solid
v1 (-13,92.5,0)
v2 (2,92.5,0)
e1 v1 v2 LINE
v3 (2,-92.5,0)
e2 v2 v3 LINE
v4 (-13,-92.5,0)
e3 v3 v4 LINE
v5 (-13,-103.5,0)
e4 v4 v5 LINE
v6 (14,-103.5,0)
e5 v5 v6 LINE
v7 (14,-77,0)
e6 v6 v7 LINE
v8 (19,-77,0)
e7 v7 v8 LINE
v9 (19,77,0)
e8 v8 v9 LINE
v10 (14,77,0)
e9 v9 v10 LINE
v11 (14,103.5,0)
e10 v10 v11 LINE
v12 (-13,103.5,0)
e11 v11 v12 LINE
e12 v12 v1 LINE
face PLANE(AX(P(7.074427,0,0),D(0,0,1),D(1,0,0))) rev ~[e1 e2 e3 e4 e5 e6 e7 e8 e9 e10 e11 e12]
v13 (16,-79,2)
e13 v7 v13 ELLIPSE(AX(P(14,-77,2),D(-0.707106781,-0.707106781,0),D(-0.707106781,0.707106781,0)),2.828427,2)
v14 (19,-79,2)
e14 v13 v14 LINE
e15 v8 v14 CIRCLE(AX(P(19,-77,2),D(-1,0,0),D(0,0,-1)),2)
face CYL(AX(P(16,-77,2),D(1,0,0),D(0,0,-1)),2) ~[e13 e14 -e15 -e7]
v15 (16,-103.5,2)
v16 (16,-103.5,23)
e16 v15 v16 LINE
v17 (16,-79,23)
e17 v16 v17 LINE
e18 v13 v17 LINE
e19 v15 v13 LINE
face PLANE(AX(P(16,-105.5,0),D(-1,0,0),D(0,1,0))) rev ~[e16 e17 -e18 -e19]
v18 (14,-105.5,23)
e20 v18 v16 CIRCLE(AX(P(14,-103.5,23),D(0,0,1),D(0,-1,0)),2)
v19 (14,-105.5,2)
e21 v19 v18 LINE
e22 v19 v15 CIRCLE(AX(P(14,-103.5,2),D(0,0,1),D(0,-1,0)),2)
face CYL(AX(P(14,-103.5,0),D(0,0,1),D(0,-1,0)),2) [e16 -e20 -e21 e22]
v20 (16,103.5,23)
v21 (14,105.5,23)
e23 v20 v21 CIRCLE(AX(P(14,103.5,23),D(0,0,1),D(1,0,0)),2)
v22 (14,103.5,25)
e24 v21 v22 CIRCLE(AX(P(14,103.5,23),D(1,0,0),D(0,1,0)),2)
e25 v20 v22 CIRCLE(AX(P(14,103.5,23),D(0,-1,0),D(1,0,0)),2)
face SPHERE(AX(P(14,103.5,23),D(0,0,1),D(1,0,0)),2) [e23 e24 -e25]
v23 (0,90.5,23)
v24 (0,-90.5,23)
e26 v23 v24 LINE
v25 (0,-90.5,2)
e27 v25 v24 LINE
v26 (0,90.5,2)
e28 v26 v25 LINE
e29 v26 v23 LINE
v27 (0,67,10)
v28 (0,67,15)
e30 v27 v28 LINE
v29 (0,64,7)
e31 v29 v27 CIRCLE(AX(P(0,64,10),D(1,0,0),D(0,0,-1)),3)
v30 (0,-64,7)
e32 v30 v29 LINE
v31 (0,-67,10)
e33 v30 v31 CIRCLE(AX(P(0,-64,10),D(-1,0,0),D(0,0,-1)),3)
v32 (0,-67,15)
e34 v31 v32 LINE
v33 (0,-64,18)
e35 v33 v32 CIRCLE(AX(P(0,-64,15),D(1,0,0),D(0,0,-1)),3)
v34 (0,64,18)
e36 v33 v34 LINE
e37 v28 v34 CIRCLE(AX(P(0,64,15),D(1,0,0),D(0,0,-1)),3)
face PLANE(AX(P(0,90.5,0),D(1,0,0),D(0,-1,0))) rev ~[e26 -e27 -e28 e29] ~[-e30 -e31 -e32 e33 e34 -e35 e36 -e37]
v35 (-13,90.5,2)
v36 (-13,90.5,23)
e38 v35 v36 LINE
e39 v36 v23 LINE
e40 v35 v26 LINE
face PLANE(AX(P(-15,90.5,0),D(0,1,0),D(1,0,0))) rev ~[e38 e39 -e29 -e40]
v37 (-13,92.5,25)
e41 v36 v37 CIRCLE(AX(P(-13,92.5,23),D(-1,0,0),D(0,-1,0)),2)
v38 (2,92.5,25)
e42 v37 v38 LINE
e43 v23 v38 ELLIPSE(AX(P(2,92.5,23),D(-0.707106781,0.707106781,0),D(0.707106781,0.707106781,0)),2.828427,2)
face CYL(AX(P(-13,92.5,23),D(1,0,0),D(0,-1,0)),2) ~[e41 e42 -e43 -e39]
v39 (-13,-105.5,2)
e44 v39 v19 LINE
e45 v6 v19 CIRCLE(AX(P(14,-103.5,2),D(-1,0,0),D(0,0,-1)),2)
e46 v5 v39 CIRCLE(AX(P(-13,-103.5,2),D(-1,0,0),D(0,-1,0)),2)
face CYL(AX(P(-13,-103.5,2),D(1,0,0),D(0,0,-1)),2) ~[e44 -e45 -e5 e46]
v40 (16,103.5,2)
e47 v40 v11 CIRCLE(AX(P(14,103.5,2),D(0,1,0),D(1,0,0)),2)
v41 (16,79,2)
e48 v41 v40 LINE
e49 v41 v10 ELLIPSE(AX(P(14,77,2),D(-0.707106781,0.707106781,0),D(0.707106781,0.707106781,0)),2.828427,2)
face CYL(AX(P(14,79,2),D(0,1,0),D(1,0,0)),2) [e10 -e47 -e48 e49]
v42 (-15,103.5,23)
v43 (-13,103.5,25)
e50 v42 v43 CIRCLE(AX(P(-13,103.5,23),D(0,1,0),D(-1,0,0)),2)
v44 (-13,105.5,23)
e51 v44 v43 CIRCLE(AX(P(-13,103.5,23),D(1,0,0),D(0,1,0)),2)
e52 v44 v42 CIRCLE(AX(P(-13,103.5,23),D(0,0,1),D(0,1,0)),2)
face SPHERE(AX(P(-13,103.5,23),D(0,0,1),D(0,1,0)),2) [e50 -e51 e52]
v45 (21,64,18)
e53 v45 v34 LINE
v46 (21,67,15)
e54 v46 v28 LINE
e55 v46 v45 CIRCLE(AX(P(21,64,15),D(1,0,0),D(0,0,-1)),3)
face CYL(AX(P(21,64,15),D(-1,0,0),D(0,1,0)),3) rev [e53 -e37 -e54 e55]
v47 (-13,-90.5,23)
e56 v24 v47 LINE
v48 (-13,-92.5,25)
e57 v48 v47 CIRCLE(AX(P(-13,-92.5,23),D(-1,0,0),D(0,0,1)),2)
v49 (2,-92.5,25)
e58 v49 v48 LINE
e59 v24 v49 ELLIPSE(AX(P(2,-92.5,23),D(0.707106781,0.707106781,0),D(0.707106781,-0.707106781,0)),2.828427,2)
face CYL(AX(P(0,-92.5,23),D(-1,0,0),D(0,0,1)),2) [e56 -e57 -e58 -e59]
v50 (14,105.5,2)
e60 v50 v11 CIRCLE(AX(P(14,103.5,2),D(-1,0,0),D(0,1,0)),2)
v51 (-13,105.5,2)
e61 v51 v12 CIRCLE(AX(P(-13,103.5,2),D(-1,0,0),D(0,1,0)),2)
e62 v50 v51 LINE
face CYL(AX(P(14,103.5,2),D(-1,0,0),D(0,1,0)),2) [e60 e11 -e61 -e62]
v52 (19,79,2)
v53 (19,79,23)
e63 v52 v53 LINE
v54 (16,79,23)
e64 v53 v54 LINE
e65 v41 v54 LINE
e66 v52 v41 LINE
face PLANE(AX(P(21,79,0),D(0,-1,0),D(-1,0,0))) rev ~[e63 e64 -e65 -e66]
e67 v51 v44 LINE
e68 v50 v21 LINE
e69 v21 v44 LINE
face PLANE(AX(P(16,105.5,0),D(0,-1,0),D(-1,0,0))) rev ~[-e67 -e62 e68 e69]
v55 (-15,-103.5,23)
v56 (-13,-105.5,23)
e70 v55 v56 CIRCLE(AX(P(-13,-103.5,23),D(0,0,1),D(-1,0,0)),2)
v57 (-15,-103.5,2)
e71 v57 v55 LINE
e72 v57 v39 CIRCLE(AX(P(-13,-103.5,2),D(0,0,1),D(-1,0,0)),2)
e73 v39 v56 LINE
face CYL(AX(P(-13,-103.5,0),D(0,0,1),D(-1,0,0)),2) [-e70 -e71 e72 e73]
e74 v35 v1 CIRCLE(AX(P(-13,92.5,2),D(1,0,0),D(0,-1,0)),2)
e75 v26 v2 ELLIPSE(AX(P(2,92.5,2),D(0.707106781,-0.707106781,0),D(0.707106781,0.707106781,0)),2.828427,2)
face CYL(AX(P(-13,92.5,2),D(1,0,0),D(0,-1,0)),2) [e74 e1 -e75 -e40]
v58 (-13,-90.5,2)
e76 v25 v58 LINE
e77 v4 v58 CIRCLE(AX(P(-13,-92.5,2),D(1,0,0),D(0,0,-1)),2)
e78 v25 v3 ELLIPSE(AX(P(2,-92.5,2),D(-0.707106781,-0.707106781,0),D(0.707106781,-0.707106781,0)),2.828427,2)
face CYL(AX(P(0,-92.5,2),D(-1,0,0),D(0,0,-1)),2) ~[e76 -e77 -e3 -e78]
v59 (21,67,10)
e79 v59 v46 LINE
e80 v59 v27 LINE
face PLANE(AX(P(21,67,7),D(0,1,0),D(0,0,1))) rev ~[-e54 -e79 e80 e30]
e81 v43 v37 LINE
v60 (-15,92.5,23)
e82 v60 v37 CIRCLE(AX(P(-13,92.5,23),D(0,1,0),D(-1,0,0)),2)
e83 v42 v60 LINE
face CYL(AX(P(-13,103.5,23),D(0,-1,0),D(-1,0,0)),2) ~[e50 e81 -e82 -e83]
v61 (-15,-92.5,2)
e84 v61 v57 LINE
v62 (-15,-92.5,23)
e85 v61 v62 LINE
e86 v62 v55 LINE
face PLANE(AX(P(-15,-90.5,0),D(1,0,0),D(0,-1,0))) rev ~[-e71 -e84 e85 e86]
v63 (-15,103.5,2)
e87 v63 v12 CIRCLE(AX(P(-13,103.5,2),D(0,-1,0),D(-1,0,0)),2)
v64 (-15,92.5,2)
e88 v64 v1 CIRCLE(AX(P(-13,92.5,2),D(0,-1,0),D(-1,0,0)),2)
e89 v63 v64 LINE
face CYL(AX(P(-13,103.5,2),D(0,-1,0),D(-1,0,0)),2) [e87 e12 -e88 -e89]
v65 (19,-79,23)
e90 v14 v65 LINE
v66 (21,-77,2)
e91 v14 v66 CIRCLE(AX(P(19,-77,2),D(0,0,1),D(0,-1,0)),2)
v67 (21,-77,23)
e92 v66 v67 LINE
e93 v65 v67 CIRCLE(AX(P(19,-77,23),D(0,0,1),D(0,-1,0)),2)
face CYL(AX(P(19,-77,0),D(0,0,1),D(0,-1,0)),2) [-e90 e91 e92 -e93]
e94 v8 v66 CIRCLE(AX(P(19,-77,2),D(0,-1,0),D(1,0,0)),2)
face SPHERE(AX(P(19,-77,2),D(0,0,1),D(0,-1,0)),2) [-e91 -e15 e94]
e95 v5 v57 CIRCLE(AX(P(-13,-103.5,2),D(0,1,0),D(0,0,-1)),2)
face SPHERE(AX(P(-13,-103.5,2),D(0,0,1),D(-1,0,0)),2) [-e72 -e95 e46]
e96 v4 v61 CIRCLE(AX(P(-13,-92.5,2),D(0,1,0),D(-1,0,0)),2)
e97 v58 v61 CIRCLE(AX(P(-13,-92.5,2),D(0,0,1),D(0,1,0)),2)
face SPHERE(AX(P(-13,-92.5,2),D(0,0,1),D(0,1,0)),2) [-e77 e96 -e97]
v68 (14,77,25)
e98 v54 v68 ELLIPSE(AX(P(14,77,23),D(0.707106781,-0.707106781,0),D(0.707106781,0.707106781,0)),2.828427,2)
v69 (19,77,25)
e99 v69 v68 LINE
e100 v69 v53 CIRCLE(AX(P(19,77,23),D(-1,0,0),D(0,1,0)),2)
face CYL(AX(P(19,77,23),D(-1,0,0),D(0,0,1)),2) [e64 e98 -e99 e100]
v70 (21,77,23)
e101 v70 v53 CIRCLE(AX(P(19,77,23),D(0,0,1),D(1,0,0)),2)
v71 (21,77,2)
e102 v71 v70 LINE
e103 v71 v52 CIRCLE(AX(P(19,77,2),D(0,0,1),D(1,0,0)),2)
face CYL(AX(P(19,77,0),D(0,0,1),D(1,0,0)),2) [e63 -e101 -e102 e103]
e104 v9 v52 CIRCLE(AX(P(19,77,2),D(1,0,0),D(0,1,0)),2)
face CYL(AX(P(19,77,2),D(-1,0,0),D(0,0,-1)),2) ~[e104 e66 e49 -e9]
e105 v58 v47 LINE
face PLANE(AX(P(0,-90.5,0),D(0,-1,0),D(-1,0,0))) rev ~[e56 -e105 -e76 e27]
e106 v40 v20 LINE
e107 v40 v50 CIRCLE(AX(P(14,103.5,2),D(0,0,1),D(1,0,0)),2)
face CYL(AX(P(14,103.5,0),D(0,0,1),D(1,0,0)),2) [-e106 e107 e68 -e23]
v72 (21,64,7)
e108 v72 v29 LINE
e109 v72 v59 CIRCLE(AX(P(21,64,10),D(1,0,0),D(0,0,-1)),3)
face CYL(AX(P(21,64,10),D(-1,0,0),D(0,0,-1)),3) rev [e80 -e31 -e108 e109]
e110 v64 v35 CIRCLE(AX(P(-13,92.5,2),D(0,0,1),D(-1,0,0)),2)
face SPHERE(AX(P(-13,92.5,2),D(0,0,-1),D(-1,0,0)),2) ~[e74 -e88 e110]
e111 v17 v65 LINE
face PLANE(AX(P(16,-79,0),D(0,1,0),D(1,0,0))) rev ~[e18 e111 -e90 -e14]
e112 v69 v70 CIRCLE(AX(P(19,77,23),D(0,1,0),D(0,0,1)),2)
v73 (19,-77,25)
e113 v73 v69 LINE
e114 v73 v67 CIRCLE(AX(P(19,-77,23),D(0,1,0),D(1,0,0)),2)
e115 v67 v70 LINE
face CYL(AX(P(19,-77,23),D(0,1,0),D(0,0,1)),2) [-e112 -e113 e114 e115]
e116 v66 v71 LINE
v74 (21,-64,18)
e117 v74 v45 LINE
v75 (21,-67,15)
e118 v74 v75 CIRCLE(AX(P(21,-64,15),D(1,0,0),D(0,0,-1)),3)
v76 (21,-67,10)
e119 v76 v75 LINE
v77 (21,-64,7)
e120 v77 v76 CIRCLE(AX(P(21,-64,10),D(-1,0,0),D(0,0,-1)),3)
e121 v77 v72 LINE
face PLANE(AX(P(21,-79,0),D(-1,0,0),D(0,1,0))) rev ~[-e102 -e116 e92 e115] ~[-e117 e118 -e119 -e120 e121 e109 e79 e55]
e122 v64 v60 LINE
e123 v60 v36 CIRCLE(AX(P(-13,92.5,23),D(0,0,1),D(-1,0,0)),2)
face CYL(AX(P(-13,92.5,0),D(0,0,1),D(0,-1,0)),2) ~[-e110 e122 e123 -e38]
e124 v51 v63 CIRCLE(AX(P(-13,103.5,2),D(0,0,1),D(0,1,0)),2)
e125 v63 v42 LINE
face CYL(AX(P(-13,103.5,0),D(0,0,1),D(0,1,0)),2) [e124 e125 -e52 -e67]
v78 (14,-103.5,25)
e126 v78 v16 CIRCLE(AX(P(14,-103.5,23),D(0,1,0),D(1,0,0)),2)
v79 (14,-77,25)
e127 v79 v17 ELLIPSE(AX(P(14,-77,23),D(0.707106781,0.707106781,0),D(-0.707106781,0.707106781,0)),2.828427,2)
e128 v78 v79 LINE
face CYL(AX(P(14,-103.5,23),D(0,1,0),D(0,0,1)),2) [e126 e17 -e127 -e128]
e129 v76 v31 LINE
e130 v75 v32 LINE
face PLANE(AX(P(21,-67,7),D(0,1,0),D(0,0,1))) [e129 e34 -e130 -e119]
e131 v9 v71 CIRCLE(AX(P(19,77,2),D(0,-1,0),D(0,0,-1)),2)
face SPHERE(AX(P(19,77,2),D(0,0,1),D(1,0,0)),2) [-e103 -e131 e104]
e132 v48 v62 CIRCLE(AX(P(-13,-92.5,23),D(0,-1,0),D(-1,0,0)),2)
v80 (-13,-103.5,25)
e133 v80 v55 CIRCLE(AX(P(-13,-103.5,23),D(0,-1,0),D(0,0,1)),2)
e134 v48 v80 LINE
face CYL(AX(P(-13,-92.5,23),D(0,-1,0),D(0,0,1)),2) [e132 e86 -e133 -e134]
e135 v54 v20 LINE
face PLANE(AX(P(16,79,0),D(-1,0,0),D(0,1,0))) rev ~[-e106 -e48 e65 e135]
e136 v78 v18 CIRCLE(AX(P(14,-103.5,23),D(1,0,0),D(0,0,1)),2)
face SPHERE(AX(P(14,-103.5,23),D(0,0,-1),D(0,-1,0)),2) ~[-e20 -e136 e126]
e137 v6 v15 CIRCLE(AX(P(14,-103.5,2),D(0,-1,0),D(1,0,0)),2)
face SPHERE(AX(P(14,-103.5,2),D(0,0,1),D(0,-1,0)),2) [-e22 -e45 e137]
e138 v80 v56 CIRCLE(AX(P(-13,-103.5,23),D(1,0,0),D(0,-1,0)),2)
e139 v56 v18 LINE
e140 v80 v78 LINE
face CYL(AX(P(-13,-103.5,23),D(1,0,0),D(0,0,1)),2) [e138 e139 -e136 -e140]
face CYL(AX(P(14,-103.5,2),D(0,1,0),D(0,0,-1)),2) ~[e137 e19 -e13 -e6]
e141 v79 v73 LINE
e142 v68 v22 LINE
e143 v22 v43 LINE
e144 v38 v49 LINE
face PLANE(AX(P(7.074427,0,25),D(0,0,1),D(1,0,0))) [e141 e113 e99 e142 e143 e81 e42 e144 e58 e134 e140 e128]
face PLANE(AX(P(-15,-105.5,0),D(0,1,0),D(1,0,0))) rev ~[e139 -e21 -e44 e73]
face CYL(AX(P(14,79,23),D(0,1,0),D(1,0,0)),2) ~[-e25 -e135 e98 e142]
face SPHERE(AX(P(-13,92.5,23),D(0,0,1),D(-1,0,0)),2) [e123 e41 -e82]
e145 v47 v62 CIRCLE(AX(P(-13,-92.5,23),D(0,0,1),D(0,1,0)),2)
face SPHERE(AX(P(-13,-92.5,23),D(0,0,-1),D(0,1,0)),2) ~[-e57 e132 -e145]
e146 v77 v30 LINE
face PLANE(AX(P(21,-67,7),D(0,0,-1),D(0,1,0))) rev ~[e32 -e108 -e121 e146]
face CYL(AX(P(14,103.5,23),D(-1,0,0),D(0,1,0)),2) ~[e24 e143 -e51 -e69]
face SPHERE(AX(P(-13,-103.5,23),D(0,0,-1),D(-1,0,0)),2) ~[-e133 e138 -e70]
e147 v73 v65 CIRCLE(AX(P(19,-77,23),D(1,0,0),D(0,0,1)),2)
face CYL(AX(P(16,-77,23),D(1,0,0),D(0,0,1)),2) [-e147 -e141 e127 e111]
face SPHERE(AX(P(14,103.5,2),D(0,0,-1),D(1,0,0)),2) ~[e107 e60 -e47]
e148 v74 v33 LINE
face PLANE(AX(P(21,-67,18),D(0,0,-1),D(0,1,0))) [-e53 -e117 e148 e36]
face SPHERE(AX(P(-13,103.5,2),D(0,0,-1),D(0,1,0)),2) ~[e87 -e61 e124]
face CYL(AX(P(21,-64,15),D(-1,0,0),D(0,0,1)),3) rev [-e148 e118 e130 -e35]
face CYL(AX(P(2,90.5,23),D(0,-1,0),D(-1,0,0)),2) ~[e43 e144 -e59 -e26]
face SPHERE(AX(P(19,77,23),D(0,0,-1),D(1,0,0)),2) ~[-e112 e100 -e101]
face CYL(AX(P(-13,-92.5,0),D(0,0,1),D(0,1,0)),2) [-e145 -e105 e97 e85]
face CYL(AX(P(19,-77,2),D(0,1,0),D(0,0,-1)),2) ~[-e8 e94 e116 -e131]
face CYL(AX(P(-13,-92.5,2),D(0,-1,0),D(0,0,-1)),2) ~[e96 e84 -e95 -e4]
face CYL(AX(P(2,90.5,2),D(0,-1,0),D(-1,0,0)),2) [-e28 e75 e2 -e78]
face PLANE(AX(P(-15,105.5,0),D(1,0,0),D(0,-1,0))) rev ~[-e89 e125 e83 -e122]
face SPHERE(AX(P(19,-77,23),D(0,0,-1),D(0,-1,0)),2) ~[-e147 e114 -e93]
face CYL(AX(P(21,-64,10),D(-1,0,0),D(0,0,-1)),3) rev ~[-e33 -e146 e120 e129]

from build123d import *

# Parameters (mm, degrees)
F1_DEPTH = 25
F2_R     = 2
F3_W     = 134
F3_H     = 11
F4_DEPTH = 25
F5_R     = 3
F6_R     = 2


with BuildPart() as f1:
    # F0 (on Top) → F1 (new body)
    with BuildSketch(Plane.XY):
        Polygon((-15, 90.5), (0, 90.5), (0, -90.5), (-15, -90.5), (-15, -105.5), (16, -105.5), (16, -79), (21, -79), (21, 79), (16, 79), (16, 105.5), (-15, 105.5), align=None)
    extrude(amount=F1_DEPTH)

    # F2
    f2_edges = [f1.edges().sort_by_distance(p)[0] for p in [
        (-15, -105.5, 12.5),
        (-15, 105.5, 12.5),
        (-15, 90.5, 12.5),
        (-15, -90.5, 12.5),
        (16, -105.5, 12.5),
        (21, -79, 12.5),
        (21, 79, 12.5),
        (16, 105.5, 12.5),
    ]]
    fillet(f2_edges, radius=F2_R)

    # F3 (on face) → F4 (cut)
    with BuildSketch(Plane.YZ.offset(21)):
        with Locations((0, 12.5)):
            Rectangle(F3_W, F3_H)
    extrude(amount=-F4_DEPTH, mode=Mode.SUBTRACT)

    # F5
    f5_edges = [f1.edges().sort_by_distance(p)[0] for p in [
        (10.5, -67, 7),
        (10.5, 67, 18),
        (10.5, 67, 7),
        (10.5, -67, 18),
    ]]
    fillet(f5_edges, radius=F5_R)

    # F6
    f6_edges = [f1.edges().sort_by_distance(p)[0] for p in [
        (-6.5, 90.5, 25),
        (-14.414214, 91.085786, 25),
        (0, 0, 25),
        (-15, 98, 25),
        (-6.5, -90.5, 25),
        (-14.414214, 104.914214, 25),
        (-14.414214, -91.085786, 25),
        (0.5, 105.5, 25),
        (-15, -98, 25),
        (15.414214, 104.914214, 25),
        (-14.414214, -104.914214, 25),
        (16, 91.25, 25),
        (0.5, -105.5, 25),
        (17.5, 79, 25),
        (15.414214, -104.914214, 25),
        (20.414214, 78.414214, 25),
        (16, -91.25, 25),
        (21, 0, 25),
        (17.5, -79, 25),
        (20.414214, -78.414214, 25),
        (-6.5, 90.5, 0),
        (-14.414214, 91.085786, 0),
        (0, 0, 0),
        (-15, 98, 0),
        (-6.5, -90.5, 0),
        (-14.414214, 104.914214, 0),
        (-14.414214, -91.085786, 0),
        (0.5, 105.5, 0),
        (-15, -98, 0),
        (15.414214, 104.914214, 0),
        (-14.414214, -104.914214, 0),
        (16, 91.25, 0),
        (0.5, -105.5, 0),
        (17.5, 79, 0),
        (15.414214, -104.914214, 0),
        (20.414214, 78.414214, 0),
        (16, -91.25, 0),
        (21, 0, 0),
        (17.5, -79, 0),
        (20.414214, -78.414214, 0),
    ]]
    fillet(f6_edges, radius=F6_R)


solid = f1.part
